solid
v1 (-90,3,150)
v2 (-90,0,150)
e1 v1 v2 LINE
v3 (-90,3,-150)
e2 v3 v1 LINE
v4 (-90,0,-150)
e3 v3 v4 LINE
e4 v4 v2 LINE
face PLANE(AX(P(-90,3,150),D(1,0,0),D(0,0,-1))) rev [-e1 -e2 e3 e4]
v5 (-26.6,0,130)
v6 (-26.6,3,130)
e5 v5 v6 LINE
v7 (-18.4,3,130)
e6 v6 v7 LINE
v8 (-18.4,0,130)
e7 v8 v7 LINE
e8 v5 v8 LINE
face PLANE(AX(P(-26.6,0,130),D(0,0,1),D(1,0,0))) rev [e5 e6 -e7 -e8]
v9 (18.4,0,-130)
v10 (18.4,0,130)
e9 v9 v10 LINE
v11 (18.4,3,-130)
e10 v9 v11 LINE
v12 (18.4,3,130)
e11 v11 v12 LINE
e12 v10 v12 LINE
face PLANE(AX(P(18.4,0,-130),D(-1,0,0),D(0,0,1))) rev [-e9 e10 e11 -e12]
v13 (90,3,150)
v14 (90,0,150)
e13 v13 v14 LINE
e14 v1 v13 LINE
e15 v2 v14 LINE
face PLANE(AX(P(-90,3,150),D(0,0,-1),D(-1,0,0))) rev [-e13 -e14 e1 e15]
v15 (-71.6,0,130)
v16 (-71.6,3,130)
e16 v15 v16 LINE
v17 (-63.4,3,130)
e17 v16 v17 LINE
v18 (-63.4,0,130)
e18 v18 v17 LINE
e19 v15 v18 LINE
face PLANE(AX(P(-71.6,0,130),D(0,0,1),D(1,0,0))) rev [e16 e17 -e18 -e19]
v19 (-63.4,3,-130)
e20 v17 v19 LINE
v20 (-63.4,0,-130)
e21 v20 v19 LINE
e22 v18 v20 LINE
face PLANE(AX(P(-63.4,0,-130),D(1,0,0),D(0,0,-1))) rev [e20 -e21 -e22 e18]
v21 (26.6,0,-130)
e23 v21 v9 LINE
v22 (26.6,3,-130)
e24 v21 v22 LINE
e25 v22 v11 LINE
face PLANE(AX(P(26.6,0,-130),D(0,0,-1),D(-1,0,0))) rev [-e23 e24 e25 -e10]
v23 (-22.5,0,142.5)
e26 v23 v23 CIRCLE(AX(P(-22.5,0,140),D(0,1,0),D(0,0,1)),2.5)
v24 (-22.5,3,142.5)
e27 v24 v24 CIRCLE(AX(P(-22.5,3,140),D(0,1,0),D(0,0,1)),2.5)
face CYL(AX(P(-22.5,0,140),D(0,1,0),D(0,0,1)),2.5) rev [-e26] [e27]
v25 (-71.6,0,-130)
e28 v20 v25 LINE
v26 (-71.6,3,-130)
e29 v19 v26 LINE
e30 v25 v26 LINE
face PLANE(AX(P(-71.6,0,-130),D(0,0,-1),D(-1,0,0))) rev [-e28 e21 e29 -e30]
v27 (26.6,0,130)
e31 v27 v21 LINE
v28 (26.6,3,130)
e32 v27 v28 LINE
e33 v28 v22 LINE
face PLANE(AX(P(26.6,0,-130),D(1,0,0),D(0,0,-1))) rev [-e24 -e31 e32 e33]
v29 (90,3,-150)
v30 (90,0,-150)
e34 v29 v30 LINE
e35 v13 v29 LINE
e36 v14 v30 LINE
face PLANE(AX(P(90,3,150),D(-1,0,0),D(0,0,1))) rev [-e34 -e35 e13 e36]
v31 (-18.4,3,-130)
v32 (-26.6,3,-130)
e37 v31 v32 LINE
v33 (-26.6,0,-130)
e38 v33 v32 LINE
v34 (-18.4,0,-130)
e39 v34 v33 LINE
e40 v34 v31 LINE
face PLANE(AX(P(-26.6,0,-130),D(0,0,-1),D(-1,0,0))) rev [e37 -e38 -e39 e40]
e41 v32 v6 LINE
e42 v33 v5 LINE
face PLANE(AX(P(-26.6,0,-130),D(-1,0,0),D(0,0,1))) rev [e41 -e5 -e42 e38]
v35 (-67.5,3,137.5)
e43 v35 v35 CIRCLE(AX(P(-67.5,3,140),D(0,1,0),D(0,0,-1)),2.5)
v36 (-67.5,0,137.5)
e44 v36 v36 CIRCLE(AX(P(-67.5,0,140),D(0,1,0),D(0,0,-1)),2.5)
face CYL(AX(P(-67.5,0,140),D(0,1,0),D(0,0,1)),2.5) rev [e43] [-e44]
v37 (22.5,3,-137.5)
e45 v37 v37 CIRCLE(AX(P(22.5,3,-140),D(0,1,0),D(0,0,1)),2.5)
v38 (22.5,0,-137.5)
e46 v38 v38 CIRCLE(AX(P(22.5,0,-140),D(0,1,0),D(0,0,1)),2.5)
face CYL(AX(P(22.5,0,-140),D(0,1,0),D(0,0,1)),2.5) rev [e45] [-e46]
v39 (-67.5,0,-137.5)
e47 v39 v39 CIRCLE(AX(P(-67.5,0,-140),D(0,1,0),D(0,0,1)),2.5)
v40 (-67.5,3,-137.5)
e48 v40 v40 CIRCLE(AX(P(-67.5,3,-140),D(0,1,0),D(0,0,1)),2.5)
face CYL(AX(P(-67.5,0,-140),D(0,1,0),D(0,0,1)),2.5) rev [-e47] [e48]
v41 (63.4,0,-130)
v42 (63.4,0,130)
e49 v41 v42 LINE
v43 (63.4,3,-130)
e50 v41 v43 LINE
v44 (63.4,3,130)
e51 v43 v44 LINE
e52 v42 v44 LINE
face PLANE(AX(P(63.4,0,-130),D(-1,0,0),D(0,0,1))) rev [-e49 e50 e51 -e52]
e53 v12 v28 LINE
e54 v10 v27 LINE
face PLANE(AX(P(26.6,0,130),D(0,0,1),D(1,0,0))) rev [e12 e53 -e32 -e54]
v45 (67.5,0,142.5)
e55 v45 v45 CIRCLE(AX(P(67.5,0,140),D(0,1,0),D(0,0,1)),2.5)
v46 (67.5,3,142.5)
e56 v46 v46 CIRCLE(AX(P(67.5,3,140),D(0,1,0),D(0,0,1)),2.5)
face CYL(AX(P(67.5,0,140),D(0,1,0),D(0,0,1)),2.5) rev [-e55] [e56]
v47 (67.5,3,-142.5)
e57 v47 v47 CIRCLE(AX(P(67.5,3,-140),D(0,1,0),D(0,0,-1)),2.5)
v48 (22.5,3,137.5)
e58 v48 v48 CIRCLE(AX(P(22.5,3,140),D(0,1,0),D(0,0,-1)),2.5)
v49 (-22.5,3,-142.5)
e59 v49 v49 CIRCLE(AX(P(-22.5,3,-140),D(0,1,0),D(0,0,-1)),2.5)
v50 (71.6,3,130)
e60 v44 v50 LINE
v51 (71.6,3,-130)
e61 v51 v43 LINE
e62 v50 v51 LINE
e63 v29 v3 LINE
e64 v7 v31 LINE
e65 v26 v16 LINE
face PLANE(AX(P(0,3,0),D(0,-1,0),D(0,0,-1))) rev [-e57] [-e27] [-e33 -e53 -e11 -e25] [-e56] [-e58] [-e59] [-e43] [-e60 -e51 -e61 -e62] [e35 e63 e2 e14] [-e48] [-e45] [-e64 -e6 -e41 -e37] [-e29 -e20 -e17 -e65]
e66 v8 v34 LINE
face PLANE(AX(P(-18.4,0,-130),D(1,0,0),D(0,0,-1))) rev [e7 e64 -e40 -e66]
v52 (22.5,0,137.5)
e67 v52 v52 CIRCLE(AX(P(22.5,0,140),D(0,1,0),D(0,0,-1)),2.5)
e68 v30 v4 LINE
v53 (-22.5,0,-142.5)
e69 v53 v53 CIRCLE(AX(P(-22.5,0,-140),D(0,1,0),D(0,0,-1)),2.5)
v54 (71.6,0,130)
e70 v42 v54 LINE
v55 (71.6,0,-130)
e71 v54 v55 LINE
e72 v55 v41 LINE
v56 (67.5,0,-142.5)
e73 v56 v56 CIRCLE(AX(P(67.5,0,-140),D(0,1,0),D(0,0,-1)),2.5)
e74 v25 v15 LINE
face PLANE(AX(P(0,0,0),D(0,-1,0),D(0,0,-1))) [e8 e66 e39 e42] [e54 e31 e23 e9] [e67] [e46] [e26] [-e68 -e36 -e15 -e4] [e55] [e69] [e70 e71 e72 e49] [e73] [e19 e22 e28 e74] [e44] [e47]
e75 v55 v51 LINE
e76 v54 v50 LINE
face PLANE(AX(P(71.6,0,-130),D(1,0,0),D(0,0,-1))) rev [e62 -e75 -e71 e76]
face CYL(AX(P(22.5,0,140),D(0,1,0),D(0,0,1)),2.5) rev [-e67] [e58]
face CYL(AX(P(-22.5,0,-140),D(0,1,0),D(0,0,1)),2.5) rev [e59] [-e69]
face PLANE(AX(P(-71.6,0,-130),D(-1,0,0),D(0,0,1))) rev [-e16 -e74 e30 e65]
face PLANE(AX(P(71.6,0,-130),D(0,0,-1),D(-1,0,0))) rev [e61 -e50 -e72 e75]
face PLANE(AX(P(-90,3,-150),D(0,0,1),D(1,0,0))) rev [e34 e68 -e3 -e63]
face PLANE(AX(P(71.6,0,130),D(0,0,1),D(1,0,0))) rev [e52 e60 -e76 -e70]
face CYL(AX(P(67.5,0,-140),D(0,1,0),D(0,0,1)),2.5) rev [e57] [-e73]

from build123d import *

# Parameters (mm, degrees)
SKETCH2_W           = 180
SKETCH2_H           = 300
BOSS_EXTRUDE1_DEPTH = 3
SKETCH3_W           = 8.2
SKETCH3_H           = 260
CUT_EXTRUDE1_DEPTH  = 175.954279742
SKETCH4_R           = 2.5
CUT_EXTRUDE2_DEPTH  = 175.954279742


with BuildPart() as part:
    # Sketch2 → Boss-Extrude1 (new body)
    with BuildSketch(Plane(origin=(0, 0, 0), x_dir=(1, 0, 0), z_dir=(0, 1, 0))):
        Rectangle(SKETCH2_W, SKETCH2_H)
    extrude(amount=BOSS_EXTRUDE1_DEPTH)

    # Sketch3 → Cut-Extrude1 (cut, through all)
    with BuildSketch(Plane(origin=(0, 3, 0), x_dir=(1, 0, 0), z_dir=(0, 1, 0))):
        with Locations((-67.5, 0)):
            Rectangle(SKETCH3_W, SKETCH3_H)
        with Locations((-22.5, 0)):
            Rectangle(SKETCH3_W, SKETCH3_H)
        with Locations((22.5, 0)):
            Rectangle(SKETCH3_W, SKETCH3_H)
        with Locations((67.5, 0)):
            Rectangle(SKETCH3_W, SKETCH3_H)
    extrude(amount=-CUT_EXTRUDE1_DEPTH, mode=Mode.SUBTRACT)

    # Sketch4 → Cut-Extrude2 (cut, through all)
    with BuildSketch(Plane(origin=(0, 3, 0), x_dir=(1, 0, 0), z_dir=(0, 1, 0))):
        with Locations(Location((67.5, -140, 0), (0, 0, 270))):
            Circle(SKETCH4_R)
        with Locations(Location((-67.5, -140, 0), (0, 0, 90))):
            Circle(SKETCH4_R)
        with Locations(Location((67.5, 140, 0), (0, 0, 90))):
            Circle(SKETCH4_R)
        with Locations(Location((-67.5, 140, 0), (0, 0, 270))):
            Circle(SKETCH4_R)
        with Locations(Location((-22.5, -140, 0), (0, 0, 270))):
            Circle(SKETCH4_R)
        with Locations(Location((22.5, -140, 0), (0, 0, 90))):
            Circle(SKETCH4_R)
        with Locations(Location((22.5, 140, 0), (0, 0, 270))):
            Circle(SKETCH4_R)
        with Locations(Location((-22.5, 140, 0), (0, 0, 90))):
            Circle(SKETCH4_R)
    extrude(amount=-CUT_EXTRUDE2_DEPTH, mode=Mode.SUBTRACT)


solid = part.part
